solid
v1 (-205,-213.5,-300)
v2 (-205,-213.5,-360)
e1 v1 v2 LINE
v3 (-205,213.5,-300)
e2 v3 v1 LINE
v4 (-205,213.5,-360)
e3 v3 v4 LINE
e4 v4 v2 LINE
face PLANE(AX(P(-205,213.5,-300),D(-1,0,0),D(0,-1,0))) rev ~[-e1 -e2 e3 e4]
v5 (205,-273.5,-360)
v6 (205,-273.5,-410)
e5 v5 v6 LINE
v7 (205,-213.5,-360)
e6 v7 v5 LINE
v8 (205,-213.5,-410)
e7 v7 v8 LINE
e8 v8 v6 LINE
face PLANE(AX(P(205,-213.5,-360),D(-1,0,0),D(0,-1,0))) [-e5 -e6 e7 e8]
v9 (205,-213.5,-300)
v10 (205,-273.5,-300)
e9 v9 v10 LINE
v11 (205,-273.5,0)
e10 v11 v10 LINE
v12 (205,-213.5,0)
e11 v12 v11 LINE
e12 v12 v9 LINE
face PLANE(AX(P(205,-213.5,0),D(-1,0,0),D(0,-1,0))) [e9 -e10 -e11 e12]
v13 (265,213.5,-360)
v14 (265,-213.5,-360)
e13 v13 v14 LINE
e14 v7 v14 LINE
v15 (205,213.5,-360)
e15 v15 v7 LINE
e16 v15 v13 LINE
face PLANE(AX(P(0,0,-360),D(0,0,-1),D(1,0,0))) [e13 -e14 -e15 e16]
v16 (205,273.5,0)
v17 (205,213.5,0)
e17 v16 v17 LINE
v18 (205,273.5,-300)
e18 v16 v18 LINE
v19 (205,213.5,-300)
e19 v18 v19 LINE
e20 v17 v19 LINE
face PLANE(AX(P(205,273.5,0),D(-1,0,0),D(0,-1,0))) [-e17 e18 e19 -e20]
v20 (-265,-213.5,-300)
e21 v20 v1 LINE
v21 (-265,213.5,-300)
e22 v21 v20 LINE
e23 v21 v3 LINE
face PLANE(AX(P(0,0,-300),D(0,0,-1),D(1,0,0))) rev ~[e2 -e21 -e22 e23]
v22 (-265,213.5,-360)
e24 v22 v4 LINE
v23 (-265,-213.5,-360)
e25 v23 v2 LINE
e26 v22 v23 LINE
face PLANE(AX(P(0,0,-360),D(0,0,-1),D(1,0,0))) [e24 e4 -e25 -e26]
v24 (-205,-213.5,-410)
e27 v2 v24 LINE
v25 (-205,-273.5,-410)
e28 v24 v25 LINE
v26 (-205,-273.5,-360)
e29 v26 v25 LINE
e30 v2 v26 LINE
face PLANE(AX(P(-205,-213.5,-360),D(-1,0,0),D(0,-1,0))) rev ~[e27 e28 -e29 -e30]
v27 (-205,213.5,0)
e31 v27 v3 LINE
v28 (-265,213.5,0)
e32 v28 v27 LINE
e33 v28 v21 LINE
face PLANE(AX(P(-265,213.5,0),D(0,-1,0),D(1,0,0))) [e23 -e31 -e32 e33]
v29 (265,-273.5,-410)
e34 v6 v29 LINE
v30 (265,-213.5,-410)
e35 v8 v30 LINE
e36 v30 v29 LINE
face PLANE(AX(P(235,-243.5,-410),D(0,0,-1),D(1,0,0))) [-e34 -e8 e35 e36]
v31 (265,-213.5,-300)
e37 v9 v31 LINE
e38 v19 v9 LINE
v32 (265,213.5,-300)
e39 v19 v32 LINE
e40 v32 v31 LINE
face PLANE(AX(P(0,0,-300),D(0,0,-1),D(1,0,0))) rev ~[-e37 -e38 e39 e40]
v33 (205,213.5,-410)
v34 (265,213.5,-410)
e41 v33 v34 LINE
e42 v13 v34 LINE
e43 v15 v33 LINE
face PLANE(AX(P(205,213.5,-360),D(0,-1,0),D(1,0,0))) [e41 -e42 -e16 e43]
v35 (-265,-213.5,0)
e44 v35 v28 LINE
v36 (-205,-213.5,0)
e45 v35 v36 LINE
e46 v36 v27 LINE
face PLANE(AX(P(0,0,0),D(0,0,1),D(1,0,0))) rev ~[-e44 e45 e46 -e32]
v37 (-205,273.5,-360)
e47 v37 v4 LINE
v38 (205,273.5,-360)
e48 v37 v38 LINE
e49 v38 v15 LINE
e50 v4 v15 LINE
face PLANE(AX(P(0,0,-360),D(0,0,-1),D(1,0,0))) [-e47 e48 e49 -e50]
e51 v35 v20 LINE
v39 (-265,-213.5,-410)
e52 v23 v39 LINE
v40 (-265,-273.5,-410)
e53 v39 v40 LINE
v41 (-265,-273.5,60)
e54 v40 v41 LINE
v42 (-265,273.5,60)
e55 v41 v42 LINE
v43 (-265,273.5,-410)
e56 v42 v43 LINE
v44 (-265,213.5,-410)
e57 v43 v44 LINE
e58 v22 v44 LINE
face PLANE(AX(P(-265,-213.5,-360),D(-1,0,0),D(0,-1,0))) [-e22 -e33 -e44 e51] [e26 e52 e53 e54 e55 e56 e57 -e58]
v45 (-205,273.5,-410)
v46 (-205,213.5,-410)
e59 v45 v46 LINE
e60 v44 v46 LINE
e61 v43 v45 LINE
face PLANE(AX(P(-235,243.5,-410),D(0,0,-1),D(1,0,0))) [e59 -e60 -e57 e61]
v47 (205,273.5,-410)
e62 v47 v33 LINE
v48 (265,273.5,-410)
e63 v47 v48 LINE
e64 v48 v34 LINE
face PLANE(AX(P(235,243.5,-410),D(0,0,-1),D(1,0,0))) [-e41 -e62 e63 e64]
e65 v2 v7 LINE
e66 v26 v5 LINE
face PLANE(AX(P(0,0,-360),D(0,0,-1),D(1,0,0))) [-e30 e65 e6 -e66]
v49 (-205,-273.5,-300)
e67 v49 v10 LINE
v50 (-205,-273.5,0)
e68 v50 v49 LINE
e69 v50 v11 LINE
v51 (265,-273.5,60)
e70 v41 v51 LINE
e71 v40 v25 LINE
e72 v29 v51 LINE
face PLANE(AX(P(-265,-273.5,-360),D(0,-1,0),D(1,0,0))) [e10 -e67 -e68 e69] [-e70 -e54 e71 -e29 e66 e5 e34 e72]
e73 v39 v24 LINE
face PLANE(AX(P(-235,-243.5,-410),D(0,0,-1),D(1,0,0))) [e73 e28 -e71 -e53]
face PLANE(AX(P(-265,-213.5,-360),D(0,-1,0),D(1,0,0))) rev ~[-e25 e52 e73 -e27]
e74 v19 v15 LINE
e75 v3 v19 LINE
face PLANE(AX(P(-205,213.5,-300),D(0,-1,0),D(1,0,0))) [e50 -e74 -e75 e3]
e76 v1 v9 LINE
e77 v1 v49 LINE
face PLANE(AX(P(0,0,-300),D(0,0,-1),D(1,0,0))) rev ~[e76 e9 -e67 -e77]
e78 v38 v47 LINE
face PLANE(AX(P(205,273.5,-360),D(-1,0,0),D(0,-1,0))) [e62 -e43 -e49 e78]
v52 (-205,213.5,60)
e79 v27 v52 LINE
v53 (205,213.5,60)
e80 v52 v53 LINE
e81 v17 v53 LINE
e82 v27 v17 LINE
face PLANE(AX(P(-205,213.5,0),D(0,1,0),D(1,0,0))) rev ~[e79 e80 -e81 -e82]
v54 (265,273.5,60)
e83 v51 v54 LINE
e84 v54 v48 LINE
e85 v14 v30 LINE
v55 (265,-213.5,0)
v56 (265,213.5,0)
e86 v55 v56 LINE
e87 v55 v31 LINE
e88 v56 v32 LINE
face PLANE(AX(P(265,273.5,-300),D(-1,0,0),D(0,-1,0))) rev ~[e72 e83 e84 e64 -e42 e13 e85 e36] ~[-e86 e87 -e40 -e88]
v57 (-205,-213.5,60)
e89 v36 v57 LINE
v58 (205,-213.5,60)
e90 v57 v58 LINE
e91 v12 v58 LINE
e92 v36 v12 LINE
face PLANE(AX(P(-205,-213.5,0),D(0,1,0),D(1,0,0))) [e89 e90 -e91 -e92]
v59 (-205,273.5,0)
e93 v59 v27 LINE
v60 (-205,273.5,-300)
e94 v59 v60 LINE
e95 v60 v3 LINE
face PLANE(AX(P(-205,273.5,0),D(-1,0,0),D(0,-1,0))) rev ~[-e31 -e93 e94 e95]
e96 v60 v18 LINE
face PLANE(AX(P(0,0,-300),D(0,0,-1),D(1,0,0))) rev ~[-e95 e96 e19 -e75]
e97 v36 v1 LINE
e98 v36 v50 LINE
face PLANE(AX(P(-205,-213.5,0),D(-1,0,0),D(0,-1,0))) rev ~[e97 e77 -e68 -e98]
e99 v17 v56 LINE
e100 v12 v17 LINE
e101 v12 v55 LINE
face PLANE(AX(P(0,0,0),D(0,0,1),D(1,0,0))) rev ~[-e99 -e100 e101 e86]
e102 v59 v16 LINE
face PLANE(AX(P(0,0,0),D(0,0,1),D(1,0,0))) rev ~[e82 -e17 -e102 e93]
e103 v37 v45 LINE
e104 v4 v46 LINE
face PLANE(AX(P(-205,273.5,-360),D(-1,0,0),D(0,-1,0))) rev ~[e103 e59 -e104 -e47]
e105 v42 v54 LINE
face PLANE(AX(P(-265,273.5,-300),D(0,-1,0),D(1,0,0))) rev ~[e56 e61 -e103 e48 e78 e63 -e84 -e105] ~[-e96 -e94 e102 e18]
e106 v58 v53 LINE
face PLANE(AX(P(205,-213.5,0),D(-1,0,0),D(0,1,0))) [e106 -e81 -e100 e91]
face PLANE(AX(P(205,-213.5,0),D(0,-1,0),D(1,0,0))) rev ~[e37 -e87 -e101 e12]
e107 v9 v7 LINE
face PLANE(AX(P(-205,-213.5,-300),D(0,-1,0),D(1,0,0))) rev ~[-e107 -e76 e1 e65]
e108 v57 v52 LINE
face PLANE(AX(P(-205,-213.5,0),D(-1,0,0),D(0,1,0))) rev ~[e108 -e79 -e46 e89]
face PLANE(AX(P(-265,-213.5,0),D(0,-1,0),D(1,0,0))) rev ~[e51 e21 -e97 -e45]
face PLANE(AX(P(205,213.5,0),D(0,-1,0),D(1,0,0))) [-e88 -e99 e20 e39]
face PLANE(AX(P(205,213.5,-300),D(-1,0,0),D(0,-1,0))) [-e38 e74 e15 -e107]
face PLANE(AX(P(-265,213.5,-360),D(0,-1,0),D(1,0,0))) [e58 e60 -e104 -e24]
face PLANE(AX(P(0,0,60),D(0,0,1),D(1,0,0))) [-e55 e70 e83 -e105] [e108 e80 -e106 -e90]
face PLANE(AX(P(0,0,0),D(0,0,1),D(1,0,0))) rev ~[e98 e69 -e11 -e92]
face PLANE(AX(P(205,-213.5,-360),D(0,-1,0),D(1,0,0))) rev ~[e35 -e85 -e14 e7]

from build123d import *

# Parameters (mm, degrees)
F0_W     = 530
F0_H     = 547
F0_W_2   = 410
F0_H_2   = 427
F1_DEPTH = 60
F2_W     = 60
F2_H     = 60
F3_DEPTH = 300
F4_W     = 530
F4_H     = 547
F4_W_2   = 410
F4_H_2   = 427
F5_DEPTH = 60
F6_W     = 60
F6_H     = 60
F7_DEPTH = 50


with BuildPart() as f1:
    # F0 (on Top) → F1 (new body)
    with BuildSketch(Plane.XY):
        Rectangle(F0_W, F0_H)
        Rectangle(F0_W_2, F0_H_2, mode=Mode.SUBTRACT)
    extrude(amount=F1_DEPTH)

    # F2 (on face) → F3 (join)
    with BuildSketch(Plane(origin=(0, 0, 0), x_dir=(1, 0, 0), z_dir=(0, 0, -1))):
        with Locations((-235, 243.5)):
            Rectangle(F2_W, F2_H)
        with Locations((235, 243.5)):
            Rectangle(F2_W, F2_H)
        with Locations((-235, -243.5)):
            Rectangle(F2_W, F2_H)
        with Locations((235, -243.5)):
            Rectangle(F2_W, F2_H)
    extrude(amount=F3_DEPTH)

    # F4 (on face) → F5 (join)
    with BuildSketch(Plane(origin=(0, 0, -300), x_dir=(1, 0, 0), z_dir=(0, 0, -1))):
        Rectangle(F4_W, F4_H)
        Rectangle(F4_W_2, F4_H_2, mode=Mode.SUBTRACT)
    extrude(amount=F5_DEPTH)

    # F6 (on face) → F7 (join)
    with BuildSketch(Plane(origin=(0, 0, -360), x_dir=(1, 0, 0), z_dir=(0, 0, -1))):
        with Locations((-235, 243.5)):
            Rectangle(F6_W, F6_H)
        with Locations((235, 243.5)):
            Rectangle(F6_W, F6_H)
        with Locations((-235, -243.5)):
            Rectangle(F6_W, F6_H)
        with Locations((235, -243.5)):
            Rectangle(F6_W, F6_H)
    extrude(amount=F7_DEPTH)


solid = f1.part
